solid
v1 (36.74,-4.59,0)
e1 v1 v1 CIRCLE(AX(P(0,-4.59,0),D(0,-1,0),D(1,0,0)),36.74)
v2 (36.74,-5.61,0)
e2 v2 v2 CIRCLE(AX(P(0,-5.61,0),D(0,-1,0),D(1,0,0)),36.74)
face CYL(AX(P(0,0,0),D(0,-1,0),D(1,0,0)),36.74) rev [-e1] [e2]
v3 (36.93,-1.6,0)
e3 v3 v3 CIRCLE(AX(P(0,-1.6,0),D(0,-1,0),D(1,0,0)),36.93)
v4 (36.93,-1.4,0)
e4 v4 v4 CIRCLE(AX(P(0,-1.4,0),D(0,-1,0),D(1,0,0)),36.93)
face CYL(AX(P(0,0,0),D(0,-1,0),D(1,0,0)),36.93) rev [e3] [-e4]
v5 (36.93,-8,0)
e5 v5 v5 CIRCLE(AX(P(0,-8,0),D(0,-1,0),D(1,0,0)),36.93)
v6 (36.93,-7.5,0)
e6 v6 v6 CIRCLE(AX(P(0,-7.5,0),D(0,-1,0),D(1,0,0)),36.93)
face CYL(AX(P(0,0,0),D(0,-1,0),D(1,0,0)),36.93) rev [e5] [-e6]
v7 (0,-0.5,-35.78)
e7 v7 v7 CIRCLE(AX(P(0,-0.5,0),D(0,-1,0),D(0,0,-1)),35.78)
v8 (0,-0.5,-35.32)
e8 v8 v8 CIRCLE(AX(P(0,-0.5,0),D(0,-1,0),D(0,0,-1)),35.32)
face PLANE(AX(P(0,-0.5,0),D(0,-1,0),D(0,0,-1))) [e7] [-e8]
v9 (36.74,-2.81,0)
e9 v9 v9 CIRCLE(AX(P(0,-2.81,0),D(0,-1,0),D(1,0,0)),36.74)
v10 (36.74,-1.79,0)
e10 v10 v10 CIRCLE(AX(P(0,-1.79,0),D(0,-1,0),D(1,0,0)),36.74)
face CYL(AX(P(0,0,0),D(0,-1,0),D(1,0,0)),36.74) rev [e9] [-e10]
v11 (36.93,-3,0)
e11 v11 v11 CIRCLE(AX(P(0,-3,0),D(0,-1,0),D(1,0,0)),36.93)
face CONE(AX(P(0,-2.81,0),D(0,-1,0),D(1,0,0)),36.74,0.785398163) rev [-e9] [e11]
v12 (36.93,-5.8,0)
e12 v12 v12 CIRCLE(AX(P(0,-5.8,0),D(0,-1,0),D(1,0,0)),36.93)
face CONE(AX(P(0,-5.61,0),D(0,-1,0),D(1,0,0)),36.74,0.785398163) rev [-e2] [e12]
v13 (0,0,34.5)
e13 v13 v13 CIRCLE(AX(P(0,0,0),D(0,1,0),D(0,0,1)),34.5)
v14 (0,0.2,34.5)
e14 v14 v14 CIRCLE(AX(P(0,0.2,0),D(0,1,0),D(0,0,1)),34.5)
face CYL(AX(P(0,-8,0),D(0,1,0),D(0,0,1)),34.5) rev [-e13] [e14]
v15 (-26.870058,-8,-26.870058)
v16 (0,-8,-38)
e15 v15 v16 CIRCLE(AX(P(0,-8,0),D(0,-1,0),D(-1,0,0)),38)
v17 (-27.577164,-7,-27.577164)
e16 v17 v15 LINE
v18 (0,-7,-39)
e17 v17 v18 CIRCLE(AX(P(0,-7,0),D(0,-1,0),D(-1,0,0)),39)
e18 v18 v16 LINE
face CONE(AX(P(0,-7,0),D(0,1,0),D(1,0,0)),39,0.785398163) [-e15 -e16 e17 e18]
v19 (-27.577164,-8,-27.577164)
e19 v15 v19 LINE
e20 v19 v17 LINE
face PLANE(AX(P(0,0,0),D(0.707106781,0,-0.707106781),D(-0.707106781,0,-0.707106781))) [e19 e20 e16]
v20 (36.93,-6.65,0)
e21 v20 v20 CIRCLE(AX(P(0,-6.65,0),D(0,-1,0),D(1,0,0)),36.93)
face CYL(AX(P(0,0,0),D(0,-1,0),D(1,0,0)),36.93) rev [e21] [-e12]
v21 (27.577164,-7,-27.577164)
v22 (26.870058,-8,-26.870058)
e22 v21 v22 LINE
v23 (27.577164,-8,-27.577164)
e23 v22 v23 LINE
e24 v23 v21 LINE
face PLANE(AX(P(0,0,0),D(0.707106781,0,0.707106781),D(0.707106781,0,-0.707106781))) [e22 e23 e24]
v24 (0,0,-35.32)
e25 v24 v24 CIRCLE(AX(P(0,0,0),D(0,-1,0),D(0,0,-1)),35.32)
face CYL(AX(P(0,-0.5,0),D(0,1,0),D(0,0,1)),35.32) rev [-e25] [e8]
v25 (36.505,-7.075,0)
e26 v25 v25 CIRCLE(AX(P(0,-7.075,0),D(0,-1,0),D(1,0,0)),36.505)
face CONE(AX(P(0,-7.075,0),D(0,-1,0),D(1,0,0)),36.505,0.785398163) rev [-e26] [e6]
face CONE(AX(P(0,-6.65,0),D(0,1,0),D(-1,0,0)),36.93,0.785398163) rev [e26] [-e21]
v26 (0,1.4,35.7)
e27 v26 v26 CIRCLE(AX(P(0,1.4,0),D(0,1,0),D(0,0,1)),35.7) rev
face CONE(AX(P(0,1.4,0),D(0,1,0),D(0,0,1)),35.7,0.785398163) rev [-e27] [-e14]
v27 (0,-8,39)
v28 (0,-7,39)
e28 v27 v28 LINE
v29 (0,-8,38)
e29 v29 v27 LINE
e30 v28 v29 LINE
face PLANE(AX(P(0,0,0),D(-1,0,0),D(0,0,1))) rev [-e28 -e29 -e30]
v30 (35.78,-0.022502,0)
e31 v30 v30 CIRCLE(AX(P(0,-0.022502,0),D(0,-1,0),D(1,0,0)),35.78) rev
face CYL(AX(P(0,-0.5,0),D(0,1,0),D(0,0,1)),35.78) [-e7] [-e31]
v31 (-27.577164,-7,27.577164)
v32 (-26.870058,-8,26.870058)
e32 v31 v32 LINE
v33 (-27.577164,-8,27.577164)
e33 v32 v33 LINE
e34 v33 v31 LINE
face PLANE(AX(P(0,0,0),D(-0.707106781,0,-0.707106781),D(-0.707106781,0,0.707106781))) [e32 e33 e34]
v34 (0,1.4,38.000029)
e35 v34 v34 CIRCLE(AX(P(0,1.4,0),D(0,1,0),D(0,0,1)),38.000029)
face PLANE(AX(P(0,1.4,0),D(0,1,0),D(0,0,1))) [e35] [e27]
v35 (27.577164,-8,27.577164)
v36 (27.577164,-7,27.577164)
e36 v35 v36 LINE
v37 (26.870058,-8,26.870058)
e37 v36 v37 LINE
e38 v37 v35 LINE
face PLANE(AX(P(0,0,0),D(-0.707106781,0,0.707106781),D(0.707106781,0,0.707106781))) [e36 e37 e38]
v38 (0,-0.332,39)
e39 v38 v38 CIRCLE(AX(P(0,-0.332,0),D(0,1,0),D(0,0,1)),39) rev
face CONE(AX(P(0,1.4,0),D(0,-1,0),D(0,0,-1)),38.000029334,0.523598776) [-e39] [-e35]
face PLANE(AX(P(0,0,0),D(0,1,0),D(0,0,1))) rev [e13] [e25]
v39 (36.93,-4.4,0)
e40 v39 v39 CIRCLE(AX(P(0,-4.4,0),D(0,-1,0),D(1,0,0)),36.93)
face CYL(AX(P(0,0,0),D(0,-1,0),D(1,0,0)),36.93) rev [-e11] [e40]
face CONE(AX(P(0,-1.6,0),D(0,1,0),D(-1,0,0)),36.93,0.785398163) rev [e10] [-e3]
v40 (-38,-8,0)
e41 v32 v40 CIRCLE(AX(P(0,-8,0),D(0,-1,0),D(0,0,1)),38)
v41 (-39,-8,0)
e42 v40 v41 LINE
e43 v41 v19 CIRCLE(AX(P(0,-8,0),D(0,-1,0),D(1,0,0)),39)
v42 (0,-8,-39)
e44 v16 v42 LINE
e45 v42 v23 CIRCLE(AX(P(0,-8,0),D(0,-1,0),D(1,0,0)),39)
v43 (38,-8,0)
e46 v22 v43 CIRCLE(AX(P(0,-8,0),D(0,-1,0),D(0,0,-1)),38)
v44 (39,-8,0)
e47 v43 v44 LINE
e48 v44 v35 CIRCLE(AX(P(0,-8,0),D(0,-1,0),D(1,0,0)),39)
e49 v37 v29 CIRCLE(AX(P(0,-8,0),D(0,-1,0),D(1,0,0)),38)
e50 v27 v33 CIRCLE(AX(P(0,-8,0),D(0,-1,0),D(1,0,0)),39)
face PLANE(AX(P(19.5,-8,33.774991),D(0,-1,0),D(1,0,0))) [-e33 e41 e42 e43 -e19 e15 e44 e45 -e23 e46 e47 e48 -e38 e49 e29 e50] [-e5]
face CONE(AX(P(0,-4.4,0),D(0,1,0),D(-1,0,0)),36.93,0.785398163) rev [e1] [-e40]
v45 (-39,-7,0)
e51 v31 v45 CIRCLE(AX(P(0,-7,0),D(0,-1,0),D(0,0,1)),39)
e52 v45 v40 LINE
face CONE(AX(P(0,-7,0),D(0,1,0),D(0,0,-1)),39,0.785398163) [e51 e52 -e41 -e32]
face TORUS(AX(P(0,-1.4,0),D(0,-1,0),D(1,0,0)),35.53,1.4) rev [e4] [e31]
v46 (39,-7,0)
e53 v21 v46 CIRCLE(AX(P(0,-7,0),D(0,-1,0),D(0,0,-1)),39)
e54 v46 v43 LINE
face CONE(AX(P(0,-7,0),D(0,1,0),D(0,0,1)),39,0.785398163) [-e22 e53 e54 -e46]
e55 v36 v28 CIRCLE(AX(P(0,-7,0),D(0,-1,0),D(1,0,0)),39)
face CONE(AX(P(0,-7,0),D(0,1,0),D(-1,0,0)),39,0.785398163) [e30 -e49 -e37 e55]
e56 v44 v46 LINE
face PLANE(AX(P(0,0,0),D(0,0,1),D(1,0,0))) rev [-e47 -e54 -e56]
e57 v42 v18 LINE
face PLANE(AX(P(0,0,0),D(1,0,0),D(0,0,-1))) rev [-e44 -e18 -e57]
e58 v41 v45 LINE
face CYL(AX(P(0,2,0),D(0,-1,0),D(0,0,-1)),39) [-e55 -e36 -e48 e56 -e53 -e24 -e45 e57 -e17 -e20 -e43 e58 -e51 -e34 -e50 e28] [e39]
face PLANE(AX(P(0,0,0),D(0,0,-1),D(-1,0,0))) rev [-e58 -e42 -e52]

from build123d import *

# Parameters (mm, degrees)
SKETCH_1_R               = 39
EXTRUDE_1_DEPTH          = 2
SKETCH_3_R               = 34.5
CUT_EXTRUDE_1_DEPTH      = 57.053545829
CUT_EXTRUDE_START        = -0.6
SKETCH_4_R               = 39
CUT_EXTRUDE_2_DEPTH      = 0.6
CHAMFER_1_SIZE           = 1.732
CHAMFER_1_SIZE2          = 0.999970666
CHAMFER_2_SIZE           = 1.2
CUT_REVOLVE_1_ANGLE      = 45
PATTERN_CIRCULAR_1_COUNT = 4
SKETCH_6_R               = 35.78
SKETCH_6_R_2             = 35.32
EXTRUDE_2_DEPTH          = 0.5


with BuildPart() as part:
    # 草图1 → 凸台-拉伸1 (new body)
    with BuildSketch(Plane(origin=(0, 0, 0), x_dir=(1, 0, 0), z_dir=(0, 1, 0))):
        with Locations(Location((0, 0, 0), (0, 0, 270))):
            Circle(SKETCH_1_R)
    extrude(amount=EXTRUDE_1_DEPTH)

    # 草图2 → 旋转1 (revolve)
    with BuildSketch(Plane(origin=(0, 0, 0), x_dir=(0.5000000000000016, 0, 0.8660254037844378), z_dir=(-0.8660254037844377, 0, 0.5000000000000014)), mode=Mode.PRIVATE) as revolve_1_sk:
        with BuildLine():
            Line((36.93, -8), (36.93, -7.5))
            Line((36.93, -7.5), (36.505, -7.075))
            Line((36.505, -7.075), (36.93, -6.65))
            Line((36.93, -6.65), (36.93, -5.8))
            Line((36.93, -5.8), (36.74, -5.61))
            Line((36.74, -5.61), (36.74, -4.59))
            Line((36.74, -4.59), (36.93, -4.4))
            Line((36.93, -4.4), (36.93, -3))
            Line((36.93, -3), (36.74, -2.81))
            Line((36.74, -2.81), (36.74, -1.79))
            Line((36.74, -1.79), (36.93, -1.6))
            Line((36.93, -1.6), (36.93, -1.4))
            ThreePointArc((36.93, -1.4), (36.519949494, -0.410050506), (35.53, 0))
            Line((35.53, 0), (39, 0))
            Line((39, 0), (39, -8))
            Line((39, -8), (36.93, -8))
        make_face()
    revolve(revolve_1_sk.sketch.rotate(Axis((0, 0, 0), (0, 1, 0)), 60), axis=Axis((0, 0, 0), (0, 1, 0)))

    # 草图3 → 切除-拉伸1 (cut, through all)
    with BuildSketch(Plane(origin=(0, 2, 0), x_dir=(1, 0, 0), z_dir=(0, 1, 0))):
        with Locations(Location((0, 0, 0), (0, 0, 270))):
            Circle(SKETCH_3_R)
    extrude(amount=-CUT_EXTRUDE_1_DEPTH, mode=Mode.SUBTRACT)

    # 草图4 → 切除-拉伸2 (cut)
    with BuildSketch(Plane(origin=(0, 2, 0), x_dir=(1, 0, 0), z_dir=(0, 1, 0)).offset(CUT_EXTRUDE_START)):
        Circle(SKETCH_4_R)
    extrude(amount=CUT_EXTRUDE_2_DEPTH, mode=Mode.SUBTRACT)

    # 倒角1
    chamfer_1_edges = [part.edges().sort_by_distance(p)[0] for p in [
        (0, 1.4, -39),
    ]]
    chamfer_1_side = [part.faces().sort_by_distance(p)[0] for p in [
        (-27.577164466, -3.3, -27.577164466),
    ]]
    chamfer(chamfer_1_edges, length=CHAMFER_1_SIZE, length2=CHAMFER_1_SIZE2, reference=chamfer_1_side[0])

    # 倒角2
    chamfer_2_edges = [part.edges().sort_by_distance(p)[0] for p in [
        (0, 1.4, -34.5),
    ]]
    chamfer(chamfer_2_edges, length=CHAMFER_2_SIZE)

    # 草图5 → 切除-旋转1 (revolve, cut)
    with BuildSketch(Plane.XY):
        Polygon((39, -8), (39, -7), (38, -8), align=None)
    cut_revolve_1 = revolve(axis=Axis((0, 0, 0), (0, 1, 0)), revolution_arc=CUT_REVOLVE_1_ANGLE, mode=Mode.SUBTRACT)

    # 阵列(圆周)1: 切除-旋转1 ×4 about axis
    pattern_circular_1_axis = Axis((0, 0, 0), (0, 1, 0))
    for i in range(1, PATTERN_CIRCULAR_1_COUNT):
        add(cut_revolve_1.rotate(pattern_circular_1_axis, i * 360 / PATTERN_CIRCULAR_1_COUNT), mode=Mode.SUBTRACT)

    # 草图6 → 凸台-拉伸2 (add)
    with BuildSketch(Plane.XZ):
        Circle(SKETCH_6_R)
        with Locations(Location((0, 0, 0), (0, 0, 270))):
            Circle(SKETCH_6_R_2, mode=Mode.SUBTRACT)
    extrude(amount=EXTRUDE_2_DEPTH)


solid = part.part
